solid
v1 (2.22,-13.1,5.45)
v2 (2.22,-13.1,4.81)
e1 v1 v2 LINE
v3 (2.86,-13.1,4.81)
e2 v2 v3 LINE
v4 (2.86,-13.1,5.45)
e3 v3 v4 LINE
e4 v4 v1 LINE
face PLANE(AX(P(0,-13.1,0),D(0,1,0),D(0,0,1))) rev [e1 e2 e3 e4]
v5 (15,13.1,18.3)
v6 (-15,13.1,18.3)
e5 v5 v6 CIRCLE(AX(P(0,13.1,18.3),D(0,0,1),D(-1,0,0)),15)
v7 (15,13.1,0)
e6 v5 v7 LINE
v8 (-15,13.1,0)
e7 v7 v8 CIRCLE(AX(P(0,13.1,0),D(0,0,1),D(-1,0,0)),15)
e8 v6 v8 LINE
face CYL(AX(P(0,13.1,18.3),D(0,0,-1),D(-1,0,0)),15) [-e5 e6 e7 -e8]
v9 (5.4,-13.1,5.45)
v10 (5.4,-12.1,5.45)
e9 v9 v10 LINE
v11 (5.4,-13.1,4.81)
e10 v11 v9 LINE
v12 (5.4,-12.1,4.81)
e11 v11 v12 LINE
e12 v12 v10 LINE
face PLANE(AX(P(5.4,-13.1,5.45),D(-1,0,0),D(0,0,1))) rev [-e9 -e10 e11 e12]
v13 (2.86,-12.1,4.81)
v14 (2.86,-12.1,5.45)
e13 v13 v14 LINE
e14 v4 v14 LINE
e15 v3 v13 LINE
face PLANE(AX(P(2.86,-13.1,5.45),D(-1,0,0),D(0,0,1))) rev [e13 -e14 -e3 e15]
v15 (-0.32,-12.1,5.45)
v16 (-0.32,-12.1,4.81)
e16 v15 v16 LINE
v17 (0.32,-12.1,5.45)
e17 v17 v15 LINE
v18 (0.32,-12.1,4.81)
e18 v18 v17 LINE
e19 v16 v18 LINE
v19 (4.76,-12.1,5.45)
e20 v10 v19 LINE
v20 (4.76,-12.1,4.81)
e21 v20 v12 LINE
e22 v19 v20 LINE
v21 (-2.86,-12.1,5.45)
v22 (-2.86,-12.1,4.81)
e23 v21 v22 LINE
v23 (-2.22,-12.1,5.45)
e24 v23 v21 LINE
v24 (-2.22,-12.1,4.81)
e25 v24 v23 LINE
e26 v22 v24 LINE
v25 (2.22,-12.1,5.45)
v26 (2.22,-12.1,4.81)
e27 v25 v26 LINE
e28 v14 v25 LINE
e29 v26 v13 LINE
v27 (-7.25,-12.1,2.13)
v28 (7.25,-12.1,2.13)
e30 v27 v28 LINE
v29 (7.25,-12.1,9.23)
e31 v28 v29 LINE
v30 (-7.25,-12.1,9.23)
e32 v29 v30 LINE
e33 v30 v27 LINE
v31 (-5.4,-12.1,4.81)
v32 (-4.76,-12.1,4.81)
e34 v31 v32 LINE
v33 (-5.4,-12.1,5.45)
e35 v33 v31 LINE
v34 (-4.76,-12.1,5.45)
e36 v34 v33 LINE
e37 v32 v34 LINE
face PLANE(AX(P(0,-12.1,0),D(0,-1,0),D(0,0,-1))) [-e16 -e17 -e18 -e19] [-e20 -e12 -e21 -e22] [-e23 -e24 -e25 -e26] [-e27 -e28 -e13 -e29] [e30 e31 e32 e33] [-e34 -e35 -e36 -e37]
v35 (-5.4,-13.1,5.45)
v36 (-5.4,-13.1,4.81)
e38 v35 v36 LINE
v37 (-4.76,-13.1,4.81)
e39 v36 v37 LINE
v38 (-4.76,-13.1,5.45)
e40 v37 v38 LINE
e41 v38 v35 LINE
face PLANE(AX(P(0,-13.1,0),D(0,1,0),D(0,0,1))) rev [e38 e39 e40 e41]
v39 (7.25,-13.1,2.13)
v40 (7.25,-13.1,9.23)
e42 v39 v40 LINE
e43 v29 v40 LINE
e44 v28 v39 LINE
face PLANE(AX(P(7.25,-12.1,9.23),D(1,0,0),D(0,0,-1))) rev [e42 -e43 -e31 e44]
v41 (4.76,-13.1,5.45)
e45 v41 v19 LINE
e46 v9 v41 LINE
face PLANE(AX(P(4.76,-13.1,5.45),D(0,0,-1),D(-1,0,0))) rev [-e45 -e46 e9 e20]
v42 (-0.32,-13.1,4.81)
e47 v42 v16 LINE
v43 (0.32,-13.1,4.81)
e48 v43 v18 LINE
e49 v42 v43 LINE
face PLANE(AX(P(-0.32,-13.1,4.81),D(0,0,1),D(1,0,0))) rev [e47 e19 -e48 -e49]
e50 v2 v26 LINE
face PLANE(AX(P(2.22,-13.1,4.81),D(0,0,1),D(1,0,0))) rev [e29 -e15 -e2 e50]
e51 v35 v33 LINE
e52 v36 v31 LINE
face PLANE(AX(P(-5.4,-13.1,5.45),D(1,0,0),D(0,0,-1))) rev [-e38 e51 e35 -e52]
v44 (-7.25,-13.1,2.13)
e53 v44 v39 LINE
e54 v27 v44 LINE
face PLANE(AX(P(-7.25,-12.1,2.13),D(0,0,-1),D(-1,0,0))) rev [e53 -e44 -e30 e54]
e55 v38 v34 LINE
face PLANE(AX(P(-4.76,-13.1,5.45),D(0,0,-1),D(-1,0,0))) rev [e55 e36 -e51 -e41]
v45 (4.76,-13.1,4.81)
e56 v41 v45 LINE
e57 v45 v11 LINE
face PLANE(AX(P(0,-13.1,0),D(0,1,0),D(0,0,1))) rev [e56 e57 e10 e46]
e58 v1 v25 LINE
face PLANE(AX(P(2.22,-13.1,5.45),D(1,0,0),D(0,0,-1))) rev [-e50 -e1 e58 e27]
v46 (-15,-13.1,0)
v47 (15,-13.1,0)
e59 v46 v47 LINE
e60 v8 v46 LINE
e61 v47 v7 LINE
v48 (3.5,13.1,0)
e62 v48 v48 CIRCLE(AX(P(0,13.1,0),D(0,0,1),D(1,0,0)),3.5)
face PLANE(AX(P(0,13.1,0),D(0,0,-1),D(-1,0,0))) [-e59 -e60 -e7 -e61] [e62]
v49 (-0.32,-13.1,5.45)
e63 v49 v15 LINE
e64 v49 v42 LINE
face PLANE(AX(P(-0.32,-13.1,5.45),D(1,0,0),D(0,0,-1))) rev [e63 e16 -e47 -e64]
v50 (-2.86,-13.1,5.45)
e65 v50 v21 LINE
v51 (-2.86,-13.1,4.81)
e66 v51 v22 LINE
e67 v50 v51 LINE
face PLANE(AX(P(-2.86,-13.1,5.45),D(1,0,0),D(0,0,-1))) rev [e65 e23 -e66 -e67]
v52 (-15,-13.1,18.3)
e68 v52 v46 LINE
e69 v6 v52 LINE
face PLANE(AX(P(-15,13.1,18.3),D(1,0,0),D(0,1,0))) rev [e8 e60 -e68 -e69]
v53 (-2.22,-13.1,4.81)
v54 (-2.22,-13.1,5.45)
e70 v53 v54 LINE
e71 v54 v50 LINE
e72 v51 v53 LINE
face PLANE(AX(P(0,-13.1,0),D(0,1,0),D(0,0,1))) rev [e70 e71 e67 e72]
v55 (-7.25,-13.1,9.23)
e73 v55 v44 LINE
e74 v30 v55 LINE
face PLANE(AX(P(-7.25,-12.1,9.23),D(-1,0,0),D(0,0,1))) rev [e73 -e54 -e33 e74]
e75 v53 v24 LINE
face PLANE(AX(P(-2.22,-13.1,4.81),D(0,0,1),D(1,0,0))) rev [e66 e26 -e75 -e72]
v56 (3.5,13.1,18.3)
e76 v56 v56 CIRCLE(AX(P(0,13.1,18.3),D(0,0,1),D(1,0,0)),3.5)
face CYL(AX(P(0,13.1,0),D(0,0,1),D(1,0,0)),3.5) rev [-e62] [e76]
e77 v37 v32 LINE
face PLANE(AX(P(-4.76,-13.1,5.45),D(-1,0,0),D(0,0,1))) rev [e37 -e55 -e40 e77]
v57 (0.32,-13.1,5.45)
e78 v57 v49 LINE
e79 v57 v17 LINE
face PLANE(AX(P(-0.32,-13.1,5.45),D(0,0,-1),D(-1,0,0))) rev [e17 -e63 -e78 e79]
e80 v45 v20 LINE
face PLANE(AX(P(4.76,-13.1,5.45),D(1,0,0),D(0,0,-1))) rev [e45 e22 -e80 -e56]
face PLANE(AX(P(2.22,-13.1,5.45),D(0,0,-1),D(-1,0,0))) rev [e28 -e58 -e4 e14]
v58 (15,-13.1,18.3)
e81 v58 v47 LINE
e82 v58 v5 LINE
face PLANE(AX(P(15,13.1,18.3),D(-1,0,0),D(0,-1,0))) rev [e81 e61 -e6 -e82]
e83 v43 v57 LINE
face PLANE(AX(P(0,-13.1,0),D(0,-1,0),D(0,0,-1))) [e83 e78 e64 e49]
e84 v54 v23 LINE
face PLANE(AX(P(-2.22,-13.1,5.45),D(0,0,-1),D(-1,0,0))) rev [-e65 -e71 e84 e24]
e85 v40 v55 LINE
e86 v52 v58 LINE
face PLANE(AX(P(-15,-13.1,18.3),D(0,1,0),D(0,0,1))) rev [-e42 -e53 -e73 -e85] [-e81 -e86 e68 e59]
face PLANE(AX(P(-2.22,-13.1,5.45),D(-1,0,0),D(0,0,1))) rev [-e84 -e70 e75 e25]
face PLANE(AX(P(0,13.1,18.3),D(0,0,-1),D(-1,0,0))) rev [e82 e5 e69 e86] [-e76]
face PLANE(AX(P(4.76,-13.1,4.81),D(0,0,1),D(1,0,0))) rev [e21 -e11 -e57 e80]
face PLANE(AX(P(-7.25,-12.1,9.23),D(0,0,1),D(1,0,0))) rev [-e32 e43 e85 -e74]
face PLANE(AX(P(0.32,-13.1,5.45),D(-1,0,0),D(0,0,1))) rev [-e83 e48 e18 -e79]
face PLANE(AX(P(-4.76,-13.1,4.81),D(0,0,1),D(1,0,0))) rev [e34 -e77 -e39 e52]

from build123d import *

# Parameters (mm, degrees)
BOSS_EXTRU_1_DEPTH      = 18.3
ESQUISSE2_W             = 14.5
ESQUISSE2_H             = 7.1
ENL_V_MAT_EXTRU_1_DEPTH = 1
ESQUISSE3_W             = 0.64
ESQUISSE3_H             = 0.64
BOSS_EXTRU_2_DEPTH      = 1
ESQUISSE4_R             = 3.5
ENL_V_MAT_EXTRU_2_DEPTH = 37.735541373


with BuildPart() as part:
    # Esquisse1 → Boss.-Extru.1 (new body)
    with BuildSketch(Plane.XY):
        with BuildLine():
            Line((-15, 13.1), (-15, -13.1))
            Line((-15, -13.1), (15, -13.1))
            Line((15, -13.1), (15, 13.1))
            ThreePointArc((15, 13.1), (0, 28.1), (-15, 13.1))
        make_face()
    extrude(amount=BOSS_EXTRU_1_DEPTH)

    # Esquisse2 → Enlèv. mat.-Extru.1 (cut)
    with BuildSketch(Plane.XZ.offset(13.1)):
        with Locations((0, 5.68)):
            Rectangle(ESQUISSE2_W, ESQUISSE2_H)
    extrude(amount=-ENL_V_MAT_EXTRU_1_DEPTH, mode=Mode.SUBTRACT)

    # Esquisse3 → Boss.-Extru.2 (add)
    with BuildSketch(Plane.XZ.offset(12.1)):
        with Locations((-5.08, 5.13)):
            Rectangle(ESQUISSE3_W, ESQUISSE3_H)
        with Locations((0, 5.13)):
            Rectangle(ESQUISSE3_W, ESQUISSE3_H)
        with Locations((2.54, 5.13)):
            Rectangle(ESQUISSE3_W, ESQUISSE3_H)
        with Locations((5.08, 5.13)):
            Rectangle(ESQUISSE3_W, ESQUISSE3_H)
        with Locations((-2.54, 5.13)):
            Rectangle(ESQUISSE3_W, ESQUISSE3_H)
    extrude(amount=BOSS_EXTRU_2_DEPTH)

    # Esquisse4 → Enlèv. mat.-Extru.2 (cut, through all)
    with BuildSketch(Plane.XY.offset(18.3)):
        with Locations((0, 13.1)):
            Circle(ESQUISSE4_R)
    extrude(amount=-ENL_V_MAT_EXTRU_2_DEPTH, mode=Mode.SUBTRACT)


solid = part.part
